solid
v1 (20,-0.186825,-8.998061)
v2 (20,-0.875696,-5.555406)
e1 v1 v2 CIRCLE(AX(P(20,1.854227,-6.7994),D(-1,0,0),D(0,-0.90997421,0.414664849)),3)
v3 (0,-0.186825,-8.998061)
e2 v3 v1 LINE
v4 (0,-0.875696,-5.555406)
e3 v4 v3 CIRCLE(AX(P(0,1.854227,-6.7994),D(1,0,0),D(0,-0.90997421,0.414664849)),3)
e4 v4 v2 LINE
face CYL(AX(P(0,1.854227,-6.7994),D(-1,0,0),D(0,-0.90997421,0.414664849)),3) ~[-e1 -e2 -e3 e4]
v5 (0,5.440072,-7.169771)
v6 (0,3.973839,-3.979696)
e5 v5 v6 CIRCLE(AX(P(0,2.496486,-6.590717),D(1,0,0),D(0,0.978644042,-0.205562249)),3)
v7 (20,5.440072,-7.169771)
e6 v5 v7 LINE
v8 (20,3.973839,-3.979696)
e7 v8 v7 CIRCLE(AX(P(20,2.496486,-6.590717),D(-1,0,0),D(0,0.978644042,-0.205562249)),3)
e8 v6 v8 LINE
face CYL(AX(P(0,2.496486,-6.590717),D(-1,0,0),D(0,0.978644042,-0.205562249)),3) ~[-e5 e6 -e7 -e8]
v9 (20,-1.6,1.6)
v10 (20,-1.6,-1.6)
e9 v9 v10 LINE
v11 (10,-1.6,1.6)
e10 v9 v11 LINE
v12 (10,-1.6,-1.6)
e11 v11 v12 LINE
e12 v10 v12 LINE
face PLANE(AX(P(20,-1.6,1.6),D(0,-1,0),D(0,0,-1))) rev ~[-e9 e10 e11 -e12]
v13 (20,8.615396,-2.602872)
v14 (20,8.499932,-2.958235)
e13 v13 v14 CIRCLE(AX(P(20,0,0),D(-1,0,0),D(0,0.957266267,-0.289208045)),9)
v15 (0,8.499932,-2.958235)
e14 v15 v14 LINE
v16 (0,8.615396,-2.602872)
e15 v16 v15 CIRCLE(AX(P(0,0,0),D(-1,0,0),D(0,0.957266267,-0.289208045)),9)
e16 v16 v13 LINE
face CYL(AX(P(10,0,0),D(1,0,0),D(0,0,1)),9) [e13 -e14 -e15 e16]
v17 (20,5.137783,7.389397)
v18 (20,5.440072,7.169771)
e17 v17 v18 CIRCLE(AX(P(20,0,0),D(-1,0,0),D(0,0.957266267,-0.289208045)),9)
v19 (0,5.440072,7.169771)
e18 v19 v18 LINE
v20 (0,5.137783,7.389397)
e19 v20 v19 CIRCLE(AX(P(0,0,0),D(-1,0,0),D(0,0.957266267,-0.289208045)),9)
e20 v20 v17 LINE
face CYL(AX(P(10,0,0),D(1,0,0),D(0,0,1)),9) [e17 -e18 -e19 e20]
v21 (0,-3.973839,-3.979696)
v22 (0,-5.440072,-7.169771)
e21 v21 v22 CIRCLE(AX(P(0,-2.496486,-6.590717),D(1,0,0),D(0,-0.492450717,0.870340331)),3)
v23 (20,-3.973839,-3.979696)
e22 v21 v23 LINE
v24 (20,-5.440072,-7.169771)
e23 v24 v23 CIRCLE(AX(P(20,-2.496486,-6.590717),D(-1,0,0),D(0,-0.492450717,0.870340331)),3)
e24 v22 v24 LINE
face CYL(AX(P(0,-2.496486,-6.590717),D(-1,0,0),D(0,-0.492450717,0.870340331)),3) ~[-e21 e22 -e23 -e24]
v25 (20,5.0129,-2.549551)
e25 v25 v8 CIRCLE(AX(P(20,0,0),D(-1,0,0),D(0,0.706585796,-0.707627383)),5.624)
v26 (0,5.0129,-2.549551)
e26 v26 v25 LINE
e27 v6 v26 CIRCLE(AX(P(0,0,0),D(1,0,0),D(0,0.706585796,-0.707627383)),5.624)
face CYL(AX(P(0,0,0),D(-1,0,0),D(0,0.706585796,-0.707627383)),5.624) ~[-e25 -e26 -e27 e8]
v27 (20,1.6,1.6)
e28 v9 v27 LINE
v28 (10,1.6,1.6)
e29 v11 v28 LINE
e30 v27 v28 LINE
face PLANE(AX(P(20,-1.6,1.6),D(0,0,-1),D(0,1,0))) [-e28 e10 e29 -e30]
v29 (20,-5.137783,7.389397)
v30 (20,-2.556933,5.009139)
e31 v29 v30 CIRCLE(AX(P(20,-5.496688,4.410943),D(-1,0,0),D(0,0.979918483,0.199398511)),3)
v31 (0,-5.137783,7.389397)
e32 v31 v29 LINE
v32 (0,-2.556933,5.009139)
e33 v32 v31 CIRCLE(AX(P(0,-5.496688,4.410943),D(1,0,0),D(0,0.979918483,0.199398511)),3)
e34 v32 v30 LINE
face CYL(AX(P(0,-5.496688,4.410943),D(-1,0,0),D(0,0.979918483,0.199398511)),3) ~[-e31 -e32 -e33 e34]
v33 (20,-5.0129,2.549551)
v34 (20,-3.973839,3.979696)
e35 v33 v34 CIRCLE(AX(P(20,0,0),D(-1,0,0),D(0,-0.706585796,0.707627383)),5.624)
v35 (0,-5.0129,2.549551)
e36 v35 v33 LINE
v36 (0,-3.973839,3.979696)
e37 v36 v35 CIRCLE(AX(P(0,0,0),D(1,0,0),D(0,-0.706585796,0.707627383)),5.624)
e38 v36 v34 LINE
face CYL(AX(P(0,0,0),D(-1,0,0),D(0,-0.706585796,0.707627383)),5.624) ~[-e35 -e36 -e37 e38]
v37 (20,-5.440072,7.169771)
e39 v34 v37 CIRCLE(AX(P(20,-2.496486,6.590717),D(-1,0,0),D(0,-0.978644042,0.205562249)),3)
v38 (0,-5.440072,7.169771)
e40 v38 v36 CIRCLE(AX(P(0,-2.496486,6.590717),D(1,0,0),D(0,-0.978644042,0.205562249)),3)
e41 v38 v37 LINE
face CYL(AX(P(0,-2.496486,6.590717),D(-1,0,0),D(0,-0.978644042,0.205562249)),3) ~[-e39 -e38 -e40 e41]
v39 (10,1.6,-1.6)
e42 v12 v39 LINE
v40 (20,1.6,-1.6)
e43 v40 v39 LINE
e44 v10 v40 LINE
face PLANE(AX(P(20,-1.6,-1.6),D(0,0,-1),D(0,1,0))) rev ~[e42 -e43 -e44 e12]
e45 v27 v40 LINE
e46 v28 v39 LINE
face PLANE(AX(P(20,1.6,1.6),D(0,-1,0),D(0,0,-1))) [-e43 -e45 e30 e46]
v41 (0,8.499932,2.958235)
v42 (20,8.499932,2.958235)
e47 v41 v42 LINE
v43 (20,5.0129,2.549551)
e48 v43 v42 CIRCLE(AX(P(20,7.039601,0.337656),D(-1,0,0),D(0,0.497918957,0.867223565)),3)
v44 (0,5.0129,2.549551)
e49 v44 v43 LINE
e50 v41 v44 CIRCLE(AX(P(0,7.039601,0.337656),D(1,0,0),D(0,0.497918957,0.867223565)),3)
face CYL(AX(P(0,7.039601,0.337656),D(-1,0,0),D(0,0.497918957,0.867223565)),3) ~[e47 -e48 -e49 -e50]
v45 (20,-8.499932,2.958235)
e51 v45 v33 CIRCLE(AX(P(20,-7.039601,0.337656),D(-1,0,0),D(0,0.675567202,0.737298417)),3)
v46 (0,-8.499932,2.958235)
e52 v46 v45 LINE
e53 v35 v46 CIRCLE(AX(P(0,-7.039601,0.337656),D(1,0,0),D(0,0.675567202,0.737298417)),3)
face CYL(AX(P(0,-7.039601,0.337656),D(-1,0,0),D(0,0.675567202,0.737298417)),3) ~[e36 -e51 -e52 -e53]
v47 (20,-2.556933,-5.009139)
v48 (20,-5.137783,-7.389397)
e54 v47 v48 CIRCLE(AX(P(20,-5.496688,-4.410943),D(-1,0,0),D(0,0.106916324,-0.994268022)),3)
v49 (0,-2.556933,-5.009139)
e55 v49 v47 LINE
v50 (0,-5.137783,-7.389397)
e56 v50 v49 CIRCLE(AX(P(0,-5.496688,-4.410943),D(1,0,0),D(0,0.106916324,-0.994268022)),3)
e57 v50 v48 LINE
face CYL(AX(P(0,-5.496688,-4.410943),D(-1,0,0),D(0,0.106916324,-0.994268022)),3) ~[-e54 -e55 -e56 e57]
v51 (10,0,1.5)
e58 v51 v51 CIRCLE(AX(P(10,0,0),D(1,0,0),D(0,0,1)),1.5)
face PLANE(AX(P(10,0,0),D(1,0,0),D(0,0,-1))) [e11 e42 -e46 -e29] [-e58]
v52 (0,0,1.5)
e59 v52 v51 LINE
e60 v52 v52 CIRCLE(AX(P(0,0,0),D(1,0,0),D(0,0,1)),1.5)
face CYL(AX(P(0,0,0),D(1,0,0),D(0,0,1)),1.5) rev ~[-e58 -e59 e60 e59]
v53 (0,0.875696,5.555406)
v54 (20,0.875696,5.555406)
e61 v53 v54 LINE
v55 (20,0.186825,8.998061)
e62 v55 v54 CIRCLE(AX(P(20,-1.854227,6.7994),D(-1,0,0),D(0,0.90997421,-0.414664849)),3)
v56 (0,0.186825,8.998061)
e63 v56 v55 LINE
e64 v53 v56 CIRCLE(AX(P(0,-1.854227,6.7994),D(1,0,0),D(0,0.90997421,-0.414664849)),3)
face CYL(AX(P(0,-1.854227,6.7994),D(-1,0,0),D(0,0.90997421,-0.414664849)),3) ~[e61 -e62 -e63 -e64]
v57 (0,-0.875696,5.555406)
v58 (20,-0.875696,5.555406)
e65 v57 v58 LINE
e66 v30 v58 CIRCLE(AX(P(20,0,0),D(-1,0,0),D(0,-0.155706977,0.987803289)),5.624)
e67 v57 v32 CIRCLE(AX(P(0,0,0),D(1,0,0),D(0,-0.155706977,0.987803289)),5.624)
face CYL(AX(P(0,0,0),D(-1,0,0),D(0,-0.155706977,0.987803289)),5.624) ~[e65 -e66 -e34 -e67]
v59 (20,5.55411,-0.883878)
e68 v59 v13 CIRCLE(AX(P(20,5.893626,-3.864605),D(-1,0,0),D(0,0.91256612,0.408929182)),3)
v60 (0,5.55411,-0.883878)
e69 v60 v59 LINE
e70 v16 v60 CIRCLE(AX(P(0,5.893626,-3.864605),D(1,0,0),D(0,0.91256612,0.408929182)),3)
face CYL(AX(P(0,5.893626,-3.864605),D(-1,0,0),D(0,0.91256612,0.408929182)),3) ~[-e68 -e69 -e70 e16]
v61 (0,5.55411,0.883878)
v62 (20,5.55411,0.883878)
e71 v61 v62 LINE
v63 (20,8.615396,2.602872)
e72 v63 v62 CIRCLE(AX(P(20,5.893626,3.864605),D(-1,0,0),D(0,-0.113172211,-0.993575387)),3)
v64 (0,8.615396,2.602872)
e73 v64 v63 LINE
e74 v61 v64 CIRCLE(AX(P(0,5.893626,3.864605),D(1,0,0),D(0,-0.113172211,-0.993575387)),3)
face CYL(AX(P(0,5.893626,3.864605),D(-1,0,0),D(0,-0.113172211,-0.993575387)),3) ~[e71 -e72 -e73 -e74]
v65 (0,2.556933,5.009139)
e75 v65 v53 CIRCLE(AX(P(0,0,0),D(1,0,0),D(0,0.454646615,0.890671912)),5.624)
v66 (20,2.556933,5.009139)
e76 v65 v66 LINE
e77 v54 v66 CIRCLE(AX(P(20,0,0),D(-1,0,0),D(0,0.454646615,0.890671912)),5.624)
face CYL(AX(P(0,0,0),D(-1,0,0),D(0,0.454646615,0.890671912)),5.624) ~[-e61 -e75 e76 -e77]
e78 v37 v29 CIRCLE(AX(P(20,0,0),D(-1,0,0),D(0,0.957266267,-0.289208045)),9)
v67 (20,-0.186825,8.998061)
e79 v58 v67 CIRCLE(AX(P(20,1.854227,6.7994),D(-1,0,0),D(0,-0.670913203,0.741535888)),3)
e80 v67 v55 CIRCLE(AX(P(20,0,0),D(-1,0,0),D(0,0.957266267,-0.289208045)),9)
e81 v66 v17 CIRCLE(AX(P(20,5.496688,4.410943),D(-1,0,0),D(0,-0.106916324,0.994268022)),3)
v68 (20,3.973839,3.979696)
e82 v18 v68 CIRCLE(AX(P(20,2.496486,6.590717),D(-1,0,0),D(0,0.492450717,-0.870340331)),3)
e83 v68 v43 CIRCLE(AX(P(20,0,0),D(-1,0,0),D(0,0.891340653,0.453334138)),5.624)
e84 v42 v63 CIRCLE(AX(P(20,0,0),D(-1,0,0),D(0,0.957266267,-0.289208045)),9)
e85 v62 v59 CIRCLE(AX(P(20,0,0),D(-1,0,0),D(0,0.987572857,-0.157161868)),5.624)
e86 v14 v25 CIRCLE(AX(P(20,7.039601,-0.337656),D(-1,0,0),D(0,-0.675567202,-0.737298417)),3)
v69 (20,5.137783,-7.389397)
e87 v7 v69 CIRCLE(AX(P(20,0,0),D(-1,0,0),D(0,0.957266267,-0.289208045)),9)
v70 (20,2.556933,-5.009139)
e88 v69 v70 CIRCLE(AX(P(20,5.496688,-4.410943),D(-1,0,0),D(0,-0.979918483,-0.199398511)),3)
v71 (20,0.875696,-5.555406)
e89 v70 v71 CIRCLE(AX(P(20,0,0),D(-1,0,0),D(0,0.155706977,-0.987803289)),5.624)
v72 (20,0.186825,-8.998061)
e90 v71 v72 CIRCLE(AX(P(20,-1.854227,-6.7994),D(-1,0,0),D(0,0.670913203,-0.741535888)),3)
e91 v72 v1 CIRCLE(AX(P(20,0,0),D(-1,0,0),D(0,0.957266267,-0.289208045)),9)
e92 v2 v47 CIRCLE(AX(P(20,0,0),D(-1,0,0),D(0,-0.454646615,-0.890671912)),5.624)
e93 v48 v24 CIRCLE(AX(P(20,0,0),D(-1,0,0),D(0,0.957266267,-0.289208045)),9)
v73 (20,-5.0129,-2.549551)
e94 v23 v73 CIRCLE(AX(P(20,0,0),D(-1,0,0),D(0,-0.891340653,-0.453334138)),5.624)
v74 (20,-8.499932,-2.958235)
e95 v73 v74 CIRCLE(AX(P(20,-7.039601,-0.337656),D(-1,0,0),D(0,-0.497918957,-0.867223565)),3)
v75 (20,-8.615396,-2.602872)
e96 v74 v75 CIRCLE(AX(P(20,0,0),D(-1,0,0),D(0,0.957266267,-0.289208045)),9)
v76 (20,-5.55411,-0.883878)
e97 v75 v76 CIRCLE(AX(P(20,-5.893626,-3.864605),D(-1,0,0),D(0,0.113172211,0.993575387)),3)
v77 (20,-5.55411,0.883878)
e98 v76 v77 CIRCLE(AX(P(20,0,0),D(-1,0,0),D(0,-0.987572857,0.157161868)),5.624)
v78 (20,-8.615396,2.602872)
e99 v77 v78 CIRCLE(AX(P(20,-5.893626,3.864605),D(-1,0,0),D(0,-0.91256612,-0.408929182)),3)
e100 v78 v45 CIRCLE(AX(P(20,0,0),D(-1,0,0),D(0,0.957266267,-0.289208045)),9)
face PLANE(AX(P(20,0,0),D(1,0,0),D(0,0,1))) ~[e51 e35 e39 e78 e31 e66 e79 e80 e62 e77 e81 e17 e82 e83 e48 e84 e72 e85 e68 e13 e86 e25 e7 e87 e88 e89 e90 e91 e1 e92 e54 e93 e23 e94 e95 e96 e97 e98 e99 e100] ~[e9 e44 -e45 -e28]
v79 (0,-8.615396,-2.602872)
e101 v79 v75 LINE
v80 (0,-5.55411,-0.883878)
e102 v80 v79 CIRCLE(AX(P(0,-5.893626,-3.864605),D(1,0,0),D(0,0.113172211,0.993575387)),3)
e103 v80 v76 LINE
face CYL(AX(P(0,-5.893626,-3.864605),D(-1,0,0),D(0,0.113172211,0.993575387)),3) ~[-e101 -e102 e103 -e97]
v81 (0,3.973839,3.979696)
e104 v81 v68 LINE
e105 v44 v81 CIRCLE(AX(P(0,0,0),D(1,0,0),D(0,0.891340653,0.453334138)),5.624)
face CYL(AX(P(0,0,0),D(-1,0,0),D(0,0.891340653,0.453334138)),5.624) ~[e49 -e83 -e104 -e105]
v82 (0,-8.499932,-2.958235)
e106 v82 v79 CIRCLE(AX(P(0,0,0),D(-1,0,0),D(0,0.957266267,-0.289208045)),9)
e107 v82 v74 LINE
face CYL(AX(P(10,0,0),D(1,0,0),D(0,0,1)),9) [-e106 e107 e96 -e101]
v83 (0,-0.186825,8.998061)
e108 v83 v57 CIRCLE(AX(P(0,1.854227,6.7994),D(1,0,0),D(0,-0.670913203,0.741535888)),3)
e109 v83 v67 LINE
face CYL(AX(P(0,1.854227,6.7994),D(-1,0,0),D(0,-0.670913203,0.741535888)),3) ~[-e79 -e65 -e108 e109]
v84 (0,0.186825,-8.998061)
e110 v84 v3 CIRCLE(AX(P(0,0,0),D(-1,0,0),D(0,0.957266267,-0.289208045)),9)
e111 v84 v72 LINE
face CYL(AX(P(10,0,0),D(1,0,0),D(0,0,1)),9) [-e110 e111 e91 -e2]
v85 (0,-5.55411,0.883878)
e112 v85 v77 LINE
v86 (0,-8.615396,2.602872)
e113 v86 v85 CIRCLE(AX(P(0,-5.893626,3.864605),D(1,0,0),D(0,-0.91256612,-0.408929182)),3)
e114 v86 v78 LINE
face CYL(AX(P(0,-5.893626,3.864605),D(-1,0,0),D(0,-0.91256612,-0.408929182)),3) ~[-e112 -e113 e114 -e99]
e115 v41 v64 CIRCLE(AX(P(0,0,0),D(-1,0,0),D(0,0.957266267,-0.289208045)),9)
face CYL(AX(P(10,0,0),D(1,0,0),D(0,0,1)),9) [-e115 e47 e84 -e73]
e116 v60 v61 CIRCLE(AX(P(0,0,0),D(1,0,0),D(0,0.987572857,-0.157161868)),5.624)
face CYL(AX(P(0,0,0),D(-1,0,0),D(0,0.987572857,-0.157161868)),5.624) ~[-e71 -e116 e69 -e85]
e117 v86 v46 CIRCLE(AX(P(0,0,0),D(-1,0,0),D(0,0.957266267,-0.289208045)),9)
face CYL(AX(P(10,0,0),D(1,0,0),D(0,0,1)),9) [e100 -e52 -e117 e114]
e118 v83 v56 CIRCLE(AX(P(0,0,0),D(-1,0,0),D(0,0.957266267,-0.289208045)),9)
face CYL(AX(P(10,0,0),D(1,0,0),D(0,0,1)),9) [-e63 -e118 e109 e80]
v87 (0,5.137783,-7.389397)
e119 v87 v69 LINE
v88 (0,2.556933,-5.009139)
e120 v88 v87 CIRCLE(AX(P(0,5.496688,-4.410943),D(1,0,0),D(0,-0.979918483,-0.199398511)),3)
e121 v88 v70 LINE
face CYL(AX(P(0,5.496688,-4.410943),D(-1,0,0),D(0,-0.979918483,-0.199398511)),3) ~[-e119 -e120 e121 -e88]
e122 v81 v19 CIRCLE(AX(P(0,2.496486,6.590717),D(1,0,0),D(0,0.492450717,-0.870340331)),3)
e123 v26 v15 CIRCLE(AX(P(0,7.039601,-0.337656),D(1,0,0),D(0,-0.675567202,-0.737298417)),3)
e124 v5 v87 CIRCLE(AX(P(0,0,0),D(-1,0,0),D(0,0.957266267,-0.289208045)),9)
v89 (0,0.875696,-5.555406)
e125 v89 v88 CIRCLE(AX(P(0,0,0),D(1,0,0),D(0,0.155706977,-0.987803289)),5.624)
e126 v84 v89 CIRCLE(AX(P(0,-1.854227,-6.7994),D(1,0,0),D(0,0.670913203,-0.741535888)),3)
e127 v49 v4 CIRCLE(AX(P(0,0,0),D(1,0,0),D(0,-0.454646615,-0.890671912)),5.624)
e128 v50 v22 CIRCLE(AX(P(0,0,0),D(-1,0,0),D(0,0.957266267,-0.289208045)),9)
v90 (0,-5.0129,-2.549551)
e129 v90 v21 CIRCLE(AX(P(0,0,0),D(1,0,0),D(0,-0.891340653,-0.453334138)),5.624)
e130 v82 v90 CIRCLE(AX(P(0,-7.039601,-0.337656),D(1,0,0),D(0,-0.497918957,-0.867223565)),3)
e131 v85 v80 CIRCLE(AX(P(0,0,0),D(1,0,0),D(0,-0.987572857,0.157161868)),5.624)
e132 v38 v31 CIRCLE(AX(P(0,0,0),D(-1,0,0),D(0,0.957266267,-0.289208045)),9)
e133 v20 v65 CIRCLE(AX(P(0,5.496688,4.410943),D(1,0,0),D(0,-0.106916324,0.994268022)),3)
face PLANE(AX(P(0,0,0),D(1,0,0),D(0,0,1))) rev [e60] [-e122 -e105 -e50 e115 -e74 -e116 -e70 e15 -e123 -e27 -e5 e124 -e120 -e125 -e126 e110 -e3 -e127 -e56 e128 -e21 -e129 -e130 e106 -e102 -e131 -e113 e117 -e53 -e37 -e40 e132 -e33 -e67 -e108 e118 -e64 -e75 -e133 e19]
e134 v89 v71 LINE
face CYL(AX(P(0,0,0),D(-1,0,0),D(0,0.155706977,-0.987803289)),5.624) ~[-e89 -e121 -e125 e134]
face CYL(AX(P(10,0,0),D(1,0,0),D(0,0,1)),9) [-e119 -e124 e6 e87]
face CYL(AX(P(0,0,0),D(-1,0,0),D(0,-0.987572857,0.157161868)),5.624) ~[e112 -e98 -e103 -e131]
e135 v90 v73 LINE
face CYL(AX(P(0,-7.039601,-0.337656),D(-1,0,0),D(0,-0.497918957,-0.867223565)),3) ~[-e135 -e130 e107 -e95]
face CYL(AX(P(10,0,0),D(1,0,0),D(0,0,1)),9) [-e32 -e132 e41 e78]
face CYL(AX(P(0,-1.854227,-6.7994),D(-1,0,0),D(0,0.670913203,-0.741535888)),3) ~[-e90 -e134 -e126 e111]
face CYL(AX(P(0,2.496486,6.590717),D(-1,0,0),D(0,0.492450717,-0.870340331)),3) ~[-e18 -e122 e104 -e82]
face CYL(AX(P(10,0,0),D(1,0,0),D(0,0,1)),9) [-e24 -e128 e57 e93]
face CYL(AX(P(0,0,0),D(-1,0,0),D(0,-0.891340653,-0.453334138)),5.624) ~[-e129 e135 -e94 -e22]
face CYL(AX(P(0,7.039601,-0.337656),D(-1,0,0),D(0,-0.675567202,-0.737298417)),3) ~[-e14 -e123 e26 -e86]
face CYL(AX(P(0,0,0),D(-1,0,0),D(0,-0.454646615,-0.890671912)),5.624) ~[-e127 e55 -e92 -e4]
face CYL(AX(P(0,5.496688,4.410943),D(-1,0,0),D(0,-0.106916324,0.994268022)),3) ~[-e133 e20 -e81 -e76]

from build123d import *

# Parameters (mm, degrees)
BASPROSKE_W        = 20
BASPROSKE_H        = 9
TOOTHCUT_DEPTH     = 24.706539182
TEETHCUTS_COUNT    = 10
TEETHCUTS_ANGLE    = 324
BORSKE_R           = 1.5
BORE_DEPTH         = 50.0000508
SKETCH1_W          = 3.2
SKETCH1_H          = 3.2
CUT_EXTRUDE1_DEPTH = 10


with BuildPart() as part:
    # BasProSke → Base-Revolve (revolve)
    with BuildSketch(Plane(origin=(0, 0, 0), x_dir=(1, 0, 0), z_dir=(0, 1, 0)), mode=Mode.PRIVATE) as base_revolve_sk:
        with Locations((10, 4.5)):
            Rectangle(BASPROSKE_W, BASPROSKE_H)
    revolve(base_revolve_sk.sketch.rotate(Axis((-10, 0, 0), (1, 0, 0)), 180), axis=Axis((-10, 0, 0), (1, 0, 0)))

    # TooCutSke → ToothCut (cut, through all)
    with BuildSketch(Plane(origin=(0, 0, 0), x_dir=(0, 0, -1), z_dir=(1, 0, 0))):
        with BuildLine():
            ThreePointArc((0.883878355, 5.554109745), (0, 5.624), (-0.883878355, 5.554109745))
            ThreePointArc((-0.883878355, 5.554109745), (-1.258245767, 7.379188248), (-2.637816971, 8.631324741))
            ThreePointArc((-2.637816971, 8.631324741), (0, 9.0254), (2.637816971, 8.631324741))
            ThreePointArc((2.637816971, 8.631324741), (1.258245767, 7.379188248), (0.883878355, 5.554109745))
        make_face()
    toothcut = extrude(amount=TOOTHCUT_DEPTH, mode=Mode.SUBTRACT)

    # TeethCuts: ToothCut ×10 about axis
    teethcuts_axis = Axis((-10, 0, 0), (1, 0, 0))
    for i in range(1, TEETHCUTS_COUNT):
        add(toothcut.rotate(teethcuts_axis, i * TEETHCUTS_ANGLE / (TEETHCUTS_COUNT - 1)), mode=Mode.SUBTRACT)

    # BorSke → Bore (cut, symmetric)
    with BuildSketch(Plane(origin=(0, 0, 0), x_dir=(0, 0, -1), z_dir=(1, 0, 0))):
        with Locations(Location((0, 0, 0), (0, 0, 180))):
            Circle(BORSKE_R)
    extrude(amount=BORE_DEPTH, both=True, mode=Mode.SUBTRACT)

    # Sketch1 → Cut-Extrude1 (cut)
    with BuildSketch(Plane(origin=(20, 0, 0), x_dir=(0, 0, -1), z_dir=(1, 0, 0))):
        Rectangle(SKETCH1_W, SKETCH1_H)
    extrude(amount=-CUT_EXTRUDE1_DEPTH, mode=Mode.SUBTRACT)


solid = part.part
